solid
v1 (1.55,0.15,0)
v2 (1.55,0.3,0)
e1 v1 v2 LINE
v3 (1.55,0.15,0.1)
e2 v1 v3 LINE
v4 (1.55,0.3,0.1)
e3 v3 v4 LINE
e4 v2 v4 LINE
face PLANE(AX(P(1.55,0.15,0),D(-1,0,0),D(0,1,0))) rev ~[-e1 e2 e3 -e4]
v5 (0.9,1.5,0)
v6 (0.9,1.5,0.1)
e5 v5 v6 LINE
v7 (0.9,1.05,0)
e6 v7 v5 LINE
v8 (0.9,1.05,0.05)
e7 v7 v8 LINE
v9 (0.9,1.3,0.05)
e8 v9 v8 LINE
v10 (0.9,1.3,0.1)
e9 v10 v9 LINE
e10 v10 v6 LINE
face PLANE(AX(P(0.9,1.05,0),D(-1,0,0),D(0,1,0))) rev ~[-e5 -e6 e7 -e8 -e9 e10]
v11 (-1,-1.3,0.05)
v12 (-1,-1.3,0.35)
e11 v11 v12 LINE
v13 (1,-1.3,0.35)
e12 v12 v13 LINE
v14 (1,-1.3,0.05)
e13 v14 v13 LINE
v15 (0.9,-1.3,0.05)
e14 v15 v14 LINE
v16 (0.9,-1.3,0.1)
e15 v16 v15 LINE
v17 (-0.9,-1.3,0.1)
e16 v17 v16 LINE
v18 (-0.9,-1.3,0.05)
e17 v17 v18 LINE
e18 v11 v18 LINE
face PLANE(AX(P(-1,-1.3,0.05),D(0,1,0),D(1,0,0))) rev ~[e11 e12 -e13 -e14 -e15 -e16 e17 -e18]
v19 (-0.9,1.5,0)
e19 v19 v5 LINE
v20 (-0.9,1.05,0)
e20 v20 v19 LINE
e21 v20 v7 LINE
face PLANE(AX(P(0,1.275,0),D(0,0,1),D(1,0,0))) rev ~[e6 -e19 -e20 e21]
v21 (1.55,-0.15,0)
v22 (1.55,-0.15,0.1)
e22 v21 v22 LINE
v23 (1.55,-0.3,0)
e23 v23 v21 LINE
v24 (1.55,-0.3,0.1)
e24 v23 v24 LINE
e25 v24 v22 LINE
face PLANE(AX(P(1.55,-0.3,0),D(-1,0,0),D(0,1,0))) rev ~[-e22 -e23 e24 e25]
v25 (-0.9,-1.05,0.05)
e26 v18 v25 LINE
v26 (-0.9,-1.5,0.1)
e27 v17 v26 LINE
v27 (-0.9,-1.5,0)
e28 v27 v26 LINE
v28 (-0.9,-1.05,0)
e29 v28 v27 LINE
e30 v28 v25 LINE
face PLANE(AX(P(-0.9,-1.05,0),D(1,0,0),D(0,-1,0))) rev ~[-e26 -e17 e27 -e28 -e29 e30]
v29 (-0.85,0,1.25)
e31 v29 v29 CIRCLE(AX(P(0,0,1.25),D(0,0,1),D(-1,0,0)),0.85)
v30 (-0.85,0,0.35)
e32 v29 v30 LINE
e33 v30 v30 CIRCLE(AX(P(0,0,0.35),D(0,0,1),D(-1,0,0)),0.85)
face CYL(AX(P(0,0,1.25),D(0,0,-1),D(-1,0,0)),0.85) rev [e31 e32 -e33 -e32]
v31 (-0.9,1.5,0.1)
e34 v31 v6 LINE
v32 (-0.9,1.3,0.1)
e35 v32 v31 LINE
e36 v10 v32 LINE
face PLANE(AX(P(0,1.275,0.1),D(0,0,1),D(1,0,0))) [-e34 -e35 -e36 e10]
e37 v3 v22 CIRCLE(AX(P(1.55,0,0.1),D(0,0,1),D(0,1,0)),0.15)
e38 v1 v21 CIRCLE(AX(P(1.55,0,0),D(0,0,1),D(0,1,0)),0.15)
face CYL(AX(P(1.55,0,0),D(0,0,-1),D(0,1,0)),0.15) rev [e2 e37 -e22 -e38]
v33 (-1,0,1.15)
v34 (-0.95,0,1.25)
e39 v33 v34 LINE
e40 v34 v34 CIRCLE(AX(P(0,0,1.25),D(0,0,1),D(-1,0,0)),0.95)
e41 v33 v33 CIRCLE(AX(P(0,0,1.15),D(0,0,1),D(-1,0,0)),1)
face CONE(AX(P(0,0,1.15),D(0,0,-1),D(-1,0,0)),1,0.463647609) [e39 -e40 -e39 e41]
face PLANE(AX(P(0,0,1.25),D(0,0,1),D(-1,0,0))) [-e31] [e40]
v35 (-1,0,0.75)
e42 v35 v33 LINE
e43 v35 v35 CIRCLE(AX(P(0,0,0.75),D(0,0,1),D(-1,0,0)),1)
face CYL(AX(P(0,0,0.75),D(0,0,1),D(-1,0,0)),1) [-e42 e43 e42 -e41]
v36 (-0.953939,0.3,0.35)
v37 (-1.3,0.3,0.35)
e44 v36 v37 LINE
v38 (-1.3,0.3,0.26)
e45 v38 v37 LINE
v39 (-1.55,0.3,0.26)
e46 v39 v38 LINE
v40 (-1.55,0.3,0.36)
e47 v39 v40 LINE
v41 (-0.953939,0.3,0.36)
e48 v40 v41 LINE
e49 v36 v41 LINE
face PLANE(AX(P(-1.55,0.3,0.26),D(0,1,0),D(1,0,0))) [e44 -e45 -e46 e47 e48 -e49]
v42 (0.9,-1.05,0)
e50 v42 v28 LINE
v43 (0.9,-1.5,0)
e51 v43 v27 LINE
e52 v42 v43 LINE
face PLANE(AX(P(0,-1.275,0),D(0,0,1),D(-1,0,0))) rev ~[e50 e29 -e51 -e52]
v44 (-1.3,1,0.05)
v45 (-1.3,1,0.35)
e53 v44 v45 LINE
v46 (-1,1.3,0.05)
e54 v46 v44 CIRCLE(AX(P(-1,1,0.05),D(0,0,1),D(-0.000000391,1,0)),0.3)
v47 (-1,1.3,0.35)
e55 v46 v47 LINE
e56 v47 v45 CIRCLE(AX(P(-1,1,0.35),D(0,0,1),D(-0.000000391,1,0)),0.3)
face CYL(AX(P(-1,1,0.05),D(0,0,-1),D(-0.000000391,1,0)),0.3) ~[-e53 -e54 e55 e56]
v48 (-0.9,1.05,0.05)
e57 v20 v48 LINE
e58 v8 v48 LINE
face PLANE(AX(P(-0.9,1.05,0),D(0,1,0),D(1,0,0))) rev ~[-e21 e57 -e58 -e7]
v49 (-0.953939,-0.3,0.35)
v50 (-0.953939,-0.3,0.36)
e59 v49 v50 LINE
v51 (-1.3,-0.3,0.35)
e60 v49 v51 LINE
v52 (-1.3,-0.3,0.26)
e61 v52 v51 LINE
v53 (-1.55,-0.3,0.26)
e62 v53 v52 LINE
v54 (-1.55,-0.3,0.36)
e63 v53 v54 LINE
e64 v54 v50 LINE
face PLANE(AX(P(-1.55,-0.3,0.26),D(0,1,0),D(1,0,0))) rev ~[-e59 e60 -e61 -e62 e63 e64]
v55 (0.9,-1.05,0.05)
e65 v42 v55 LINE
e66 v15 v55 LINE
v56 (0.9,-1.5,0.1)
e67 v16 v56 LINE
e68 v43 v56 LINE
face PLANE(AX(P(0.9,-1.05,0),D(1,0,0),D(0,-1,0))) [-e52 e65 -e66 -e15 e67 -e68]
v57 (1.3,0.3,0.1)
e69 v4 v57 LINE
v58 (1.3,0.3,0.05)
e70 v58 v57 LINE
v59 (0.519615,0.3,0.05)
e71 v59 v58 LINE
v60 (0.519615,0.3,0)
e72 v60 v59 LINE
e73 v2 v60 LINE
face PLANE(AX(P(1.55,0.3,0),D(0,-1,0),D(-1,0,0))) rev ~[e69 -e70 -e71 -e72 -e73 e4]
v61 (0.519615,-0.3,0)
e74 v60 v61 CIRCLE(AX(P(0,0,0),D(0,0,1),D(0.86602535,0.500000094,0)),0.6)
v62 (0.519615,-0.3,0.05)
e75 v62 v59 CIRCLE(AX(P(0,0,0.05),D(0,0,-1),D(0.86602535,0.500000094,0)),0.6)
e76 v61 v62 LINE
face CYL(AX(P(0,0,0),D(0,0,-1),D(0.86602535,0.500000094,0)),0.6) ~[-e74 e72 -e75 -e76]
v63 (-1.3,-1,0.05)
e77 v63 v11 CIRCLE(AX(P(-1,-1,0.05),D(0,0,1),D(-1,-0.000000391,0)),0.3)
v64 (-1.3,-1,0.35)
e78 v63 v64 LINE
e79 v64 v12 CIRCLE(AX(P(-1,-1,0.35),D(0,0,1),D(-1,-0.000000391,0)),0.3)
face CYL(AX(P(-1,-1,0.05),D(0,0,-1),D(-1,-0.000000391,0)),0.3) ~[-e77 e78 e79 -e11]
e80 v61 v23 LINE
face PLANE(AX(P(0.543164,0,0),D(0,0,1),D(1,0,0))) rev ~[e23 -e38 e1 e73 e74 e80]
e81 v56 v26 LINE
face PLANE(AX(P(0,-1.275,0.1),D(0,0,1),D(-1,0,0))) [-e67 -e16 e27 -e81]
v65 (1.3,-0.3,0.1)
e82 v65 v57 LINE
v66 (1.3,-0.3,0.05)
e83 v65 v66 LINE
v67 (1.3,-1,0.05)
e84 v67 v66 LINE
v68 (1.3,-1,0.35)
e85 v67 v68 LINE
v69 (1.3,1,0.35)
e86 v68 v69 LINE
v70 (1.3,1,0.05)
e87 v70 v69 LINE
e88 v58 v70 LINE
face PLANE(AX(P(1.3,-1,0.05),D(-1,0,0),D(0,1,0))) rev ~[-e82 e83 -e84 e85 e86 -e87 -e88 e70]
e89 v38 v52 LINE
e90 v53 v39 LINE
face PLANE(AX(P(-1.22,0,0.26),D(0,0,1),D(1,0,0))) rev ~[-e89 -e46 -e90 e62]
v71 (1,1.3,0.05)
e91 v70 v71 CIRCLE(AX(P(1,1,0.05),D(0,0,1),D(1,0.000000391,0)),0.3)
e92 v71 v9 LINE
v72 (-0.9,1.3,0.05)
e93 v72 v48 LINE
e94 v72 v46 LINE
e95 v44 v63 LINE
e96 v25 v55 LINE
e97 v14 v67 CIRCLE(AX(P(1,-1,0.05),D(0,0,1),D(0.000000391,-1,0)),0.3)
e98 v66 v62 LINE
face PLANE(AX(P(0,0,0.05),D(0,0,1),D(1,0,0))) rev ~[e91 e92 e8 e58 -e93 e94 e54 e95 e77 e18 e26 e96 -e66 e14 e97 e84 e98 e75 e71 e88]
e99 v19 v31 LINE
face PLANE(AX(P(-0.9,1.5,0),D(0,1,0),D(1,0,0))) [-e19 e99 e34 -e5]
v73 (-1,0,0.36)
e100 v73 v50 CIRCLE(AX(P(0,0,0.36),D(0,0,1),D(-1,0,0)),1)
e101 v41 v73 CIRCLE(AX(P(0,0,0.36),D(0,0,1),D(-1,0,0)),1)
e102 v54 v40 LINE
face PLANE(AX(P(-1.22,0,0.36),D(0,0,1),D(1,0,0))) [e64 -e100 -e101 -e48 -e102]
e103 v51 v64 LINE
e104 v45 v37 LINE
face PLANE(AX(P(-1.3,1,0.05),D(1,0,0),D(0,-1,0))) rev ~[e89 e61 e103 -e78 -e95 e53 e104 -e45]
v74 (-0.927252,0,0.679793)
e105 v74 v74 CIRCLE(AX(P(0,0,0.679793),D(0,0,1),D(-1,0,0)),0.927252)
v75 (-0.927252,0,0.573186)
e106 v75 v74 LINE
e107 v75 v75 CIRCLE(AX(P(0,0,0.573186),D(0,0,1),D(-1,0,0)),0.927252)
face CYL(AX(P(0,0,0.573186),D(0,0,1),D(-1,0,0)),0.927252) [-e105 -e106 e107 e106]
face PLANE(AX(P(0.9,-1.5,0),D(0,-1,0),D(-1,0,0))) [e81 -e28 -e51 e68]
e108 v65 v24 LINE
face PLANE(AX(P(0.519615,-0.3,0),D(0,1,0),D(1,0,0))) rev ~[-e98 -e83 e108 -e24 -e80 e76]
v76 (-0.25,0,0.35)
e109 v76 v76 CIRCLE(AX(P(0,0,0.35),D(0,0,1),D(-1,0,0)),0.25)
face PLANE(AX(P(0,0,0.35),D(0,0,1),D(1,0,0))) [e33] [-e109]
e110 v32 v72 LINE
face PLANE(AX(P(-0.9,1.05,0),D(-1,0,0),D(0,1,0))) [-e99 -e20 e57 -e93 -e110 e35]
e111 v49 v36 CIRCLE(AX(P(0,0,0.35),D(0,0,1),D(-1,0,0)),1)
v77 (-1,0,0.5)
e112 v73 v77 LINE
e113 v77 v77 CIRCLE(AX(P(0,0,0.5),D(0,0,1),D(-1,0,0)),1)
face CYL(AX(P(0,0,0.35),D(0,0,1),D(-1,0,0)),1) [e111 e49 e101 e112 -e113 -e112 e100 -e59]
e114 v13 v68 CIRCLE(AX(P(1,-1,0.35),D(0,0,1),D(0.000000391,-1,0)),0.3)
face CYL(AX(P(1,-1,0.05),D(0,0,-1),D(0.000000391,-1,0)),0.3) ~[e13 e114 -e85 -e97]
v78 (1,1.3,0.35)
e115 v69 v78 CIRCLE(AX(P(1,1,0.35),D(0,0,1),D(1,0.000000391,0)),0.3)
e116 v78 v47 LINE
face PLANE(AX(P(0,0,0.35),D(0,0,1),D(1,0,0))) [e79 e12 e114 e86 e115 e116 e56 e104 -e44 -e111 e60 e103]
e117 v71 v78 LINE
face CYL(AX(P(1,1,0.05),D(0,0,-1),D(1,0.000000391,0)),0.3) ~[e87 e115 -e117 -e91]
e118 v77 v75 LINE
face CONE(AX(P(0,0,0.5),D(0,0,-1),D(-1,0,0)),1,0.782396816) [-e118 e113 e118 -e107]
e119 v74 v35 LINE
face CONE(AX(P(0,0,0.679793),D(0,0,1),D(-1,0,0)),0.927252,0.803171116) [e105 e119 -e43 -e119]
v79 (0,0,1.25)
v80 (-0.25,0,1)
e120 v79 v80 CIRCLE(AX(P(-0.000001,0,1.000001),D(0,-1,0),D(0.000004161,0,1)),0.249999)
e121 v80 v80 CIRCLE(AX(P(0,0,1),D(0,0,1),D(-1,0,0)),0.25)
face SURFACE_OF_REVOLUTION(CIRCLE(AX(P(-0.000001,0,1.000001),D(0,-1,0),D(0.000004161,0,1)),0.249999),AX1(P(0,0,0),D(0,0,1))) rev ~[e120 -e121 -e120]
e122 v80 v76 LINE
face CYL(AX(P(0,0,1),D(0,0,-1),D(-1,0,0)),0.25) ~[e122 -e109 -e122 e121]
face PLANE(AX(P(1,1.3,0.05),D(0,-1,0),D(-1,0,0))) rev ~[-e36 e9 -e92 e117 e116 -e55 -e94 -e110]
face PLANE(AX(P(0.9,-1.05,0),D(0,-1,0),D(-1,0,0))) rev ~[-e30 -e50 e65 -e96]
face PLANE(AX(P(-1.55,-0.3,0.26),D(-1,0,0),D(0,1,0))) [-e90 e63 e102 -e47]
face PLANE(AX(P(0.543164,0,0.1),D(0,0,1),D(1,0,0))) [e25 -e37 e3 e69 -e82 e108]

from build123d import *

# Parameters (mm, degrees)
BOX001_W     = 0.66
BOX001_H     = 0.6
BOX001_DEPTH = 0.1
PAD001_DEPTH = 0.1
BOX_W        = 1.8
BOX_H        = 0.45
BOX_DEPTH    = 0.1
ARRAY_COUNT  = 2
PAD_DEPTH    = 0.3


with BuildPart() as revolution001:
    # Sketch002 → Revolution001 (revolve)
    with BuildSketch(Plane.XZ):
        with BuildLine():
            Line((-0.25, 0.35), (0, 0.35))
            Line((0, 0.35), (0, 1.25))
            ThreePointArc((0, 1.25), (-0.176777, 1.176777), (-0.25, 1))
            Line((-0.25, 1), (-0.25, 0.35))
        make_face()
    revolve(axis=Axis((0, 0, 0), (0, 0, 1)))


with BuildPart() as revolution:
    # Sketch001 → Revolution (revolve)
    with BuildSketch(Plane.XZ):
        Polygon((-1, 0.35), (-1, 0.5), (-0.927252, 0.573186), (-0.927252, 0.679793), (-1, 0.75), (-1, 1.15), (-0.95, 1.25), (-0.85, 1.25), (-0.85, 0.35), align=None)
    revolve(axis=Axis((0, 0, 0), (0, 0, 1)))


with BuildPart() as ground_pin2:
    # Box001 → Box001 (new body)
    with BuildSketch(Plane(origin=(-1.55, -0.3, 0.26), x_dir=(1, 0, 0), z_dir=(0, 0, 1))):
        with Locations((0.33, 0.3)):
            Rectangle(BOX001_W, BOX001_H)
    extrude(amount=BOX001_DEPTH)


with BuildPart() as signal_pin:
    # Sketch003 → Pad001 (new body)
    with BuildSketch(Plane.XY):
        with BuildLine():
            Line((1.55, 0.3), (0.519615, 0.3))
            ThreePointArc((0.519615, 0.3), (-0.6, 0), (0.519615, -0.3))
            Line((0.519615, -0.3), (1.55, -0.3))
            Line((1.55, -0.3), (1.55, -0.15))
            ThreePointArc((1.55, 0.15), (1.4, 0), (1.55, -0.15))
            Line((1.55, 0.15), (1.55, 0.3))
        make_face()
    extrude(amount=PAD001_DEPTH)


with BuildPart() as ground_pins:
    # Box → Box (new body)
    with BuildSketch(Plane(origin=(-0.9, 1.05, 0), x_dir=(1, 0, 0), z_dir=(0, 0, 1))):
        with Locations((0.9, 0.225)):
            Rectangle(BOX_W, BOX_H)
    extrude(amount=BOX_DEPTH)

    # Array: ground_pins ×2 about axis
    array_axis = Axis((0, 0, 0), (0, 0, 1))


with BuildPart() as ground_pins_1:
    add(ground_pins.part)
    for i in range(1, ARRAY_COUNT):
        add(ground_pins.part.rotate(array_axis, i * 360 / ARRAY_COUNT))


with BuildPart() as fusion:
    # Sketch → Pad (new body)
    with BuildSketch(Plane.XY.offset(0.05)):
        with BuildLine():
            Line((-1, -1.3), (1, -1.3))
            ThreePointArc((1, -1.3), (1.212132, -1.212132), (1.3, -1))
            Line((1.3, -1), (1.3, 1))
            ThreePointArc((1.3, 1), (1.212132, 1.212132), (1, 1.3))
            Line((1, 1.3), (-1, 1.3))
            ThreePointArc((-1, 1.3), (-1.212132, 1.212132), (-1.3, 1))
            Line((-1.3, 1), (-1.3, -1))
            ThreePointArc((-1.3, -1), (-1.212132, -1.212132), (-1, -1.3))
        make_face()
    extrude(amount=PAD_DEPTH)

    # Fusion: union Revolution001, Revolution, ground_pin2, signal_pin, ground_pins
    add(revolution001.part)
    add(revolution.part)
    add(ground_pin2.part)
    add(signal_pin.part)
    add(ground_pins_1.part)


solid = fusion.part
